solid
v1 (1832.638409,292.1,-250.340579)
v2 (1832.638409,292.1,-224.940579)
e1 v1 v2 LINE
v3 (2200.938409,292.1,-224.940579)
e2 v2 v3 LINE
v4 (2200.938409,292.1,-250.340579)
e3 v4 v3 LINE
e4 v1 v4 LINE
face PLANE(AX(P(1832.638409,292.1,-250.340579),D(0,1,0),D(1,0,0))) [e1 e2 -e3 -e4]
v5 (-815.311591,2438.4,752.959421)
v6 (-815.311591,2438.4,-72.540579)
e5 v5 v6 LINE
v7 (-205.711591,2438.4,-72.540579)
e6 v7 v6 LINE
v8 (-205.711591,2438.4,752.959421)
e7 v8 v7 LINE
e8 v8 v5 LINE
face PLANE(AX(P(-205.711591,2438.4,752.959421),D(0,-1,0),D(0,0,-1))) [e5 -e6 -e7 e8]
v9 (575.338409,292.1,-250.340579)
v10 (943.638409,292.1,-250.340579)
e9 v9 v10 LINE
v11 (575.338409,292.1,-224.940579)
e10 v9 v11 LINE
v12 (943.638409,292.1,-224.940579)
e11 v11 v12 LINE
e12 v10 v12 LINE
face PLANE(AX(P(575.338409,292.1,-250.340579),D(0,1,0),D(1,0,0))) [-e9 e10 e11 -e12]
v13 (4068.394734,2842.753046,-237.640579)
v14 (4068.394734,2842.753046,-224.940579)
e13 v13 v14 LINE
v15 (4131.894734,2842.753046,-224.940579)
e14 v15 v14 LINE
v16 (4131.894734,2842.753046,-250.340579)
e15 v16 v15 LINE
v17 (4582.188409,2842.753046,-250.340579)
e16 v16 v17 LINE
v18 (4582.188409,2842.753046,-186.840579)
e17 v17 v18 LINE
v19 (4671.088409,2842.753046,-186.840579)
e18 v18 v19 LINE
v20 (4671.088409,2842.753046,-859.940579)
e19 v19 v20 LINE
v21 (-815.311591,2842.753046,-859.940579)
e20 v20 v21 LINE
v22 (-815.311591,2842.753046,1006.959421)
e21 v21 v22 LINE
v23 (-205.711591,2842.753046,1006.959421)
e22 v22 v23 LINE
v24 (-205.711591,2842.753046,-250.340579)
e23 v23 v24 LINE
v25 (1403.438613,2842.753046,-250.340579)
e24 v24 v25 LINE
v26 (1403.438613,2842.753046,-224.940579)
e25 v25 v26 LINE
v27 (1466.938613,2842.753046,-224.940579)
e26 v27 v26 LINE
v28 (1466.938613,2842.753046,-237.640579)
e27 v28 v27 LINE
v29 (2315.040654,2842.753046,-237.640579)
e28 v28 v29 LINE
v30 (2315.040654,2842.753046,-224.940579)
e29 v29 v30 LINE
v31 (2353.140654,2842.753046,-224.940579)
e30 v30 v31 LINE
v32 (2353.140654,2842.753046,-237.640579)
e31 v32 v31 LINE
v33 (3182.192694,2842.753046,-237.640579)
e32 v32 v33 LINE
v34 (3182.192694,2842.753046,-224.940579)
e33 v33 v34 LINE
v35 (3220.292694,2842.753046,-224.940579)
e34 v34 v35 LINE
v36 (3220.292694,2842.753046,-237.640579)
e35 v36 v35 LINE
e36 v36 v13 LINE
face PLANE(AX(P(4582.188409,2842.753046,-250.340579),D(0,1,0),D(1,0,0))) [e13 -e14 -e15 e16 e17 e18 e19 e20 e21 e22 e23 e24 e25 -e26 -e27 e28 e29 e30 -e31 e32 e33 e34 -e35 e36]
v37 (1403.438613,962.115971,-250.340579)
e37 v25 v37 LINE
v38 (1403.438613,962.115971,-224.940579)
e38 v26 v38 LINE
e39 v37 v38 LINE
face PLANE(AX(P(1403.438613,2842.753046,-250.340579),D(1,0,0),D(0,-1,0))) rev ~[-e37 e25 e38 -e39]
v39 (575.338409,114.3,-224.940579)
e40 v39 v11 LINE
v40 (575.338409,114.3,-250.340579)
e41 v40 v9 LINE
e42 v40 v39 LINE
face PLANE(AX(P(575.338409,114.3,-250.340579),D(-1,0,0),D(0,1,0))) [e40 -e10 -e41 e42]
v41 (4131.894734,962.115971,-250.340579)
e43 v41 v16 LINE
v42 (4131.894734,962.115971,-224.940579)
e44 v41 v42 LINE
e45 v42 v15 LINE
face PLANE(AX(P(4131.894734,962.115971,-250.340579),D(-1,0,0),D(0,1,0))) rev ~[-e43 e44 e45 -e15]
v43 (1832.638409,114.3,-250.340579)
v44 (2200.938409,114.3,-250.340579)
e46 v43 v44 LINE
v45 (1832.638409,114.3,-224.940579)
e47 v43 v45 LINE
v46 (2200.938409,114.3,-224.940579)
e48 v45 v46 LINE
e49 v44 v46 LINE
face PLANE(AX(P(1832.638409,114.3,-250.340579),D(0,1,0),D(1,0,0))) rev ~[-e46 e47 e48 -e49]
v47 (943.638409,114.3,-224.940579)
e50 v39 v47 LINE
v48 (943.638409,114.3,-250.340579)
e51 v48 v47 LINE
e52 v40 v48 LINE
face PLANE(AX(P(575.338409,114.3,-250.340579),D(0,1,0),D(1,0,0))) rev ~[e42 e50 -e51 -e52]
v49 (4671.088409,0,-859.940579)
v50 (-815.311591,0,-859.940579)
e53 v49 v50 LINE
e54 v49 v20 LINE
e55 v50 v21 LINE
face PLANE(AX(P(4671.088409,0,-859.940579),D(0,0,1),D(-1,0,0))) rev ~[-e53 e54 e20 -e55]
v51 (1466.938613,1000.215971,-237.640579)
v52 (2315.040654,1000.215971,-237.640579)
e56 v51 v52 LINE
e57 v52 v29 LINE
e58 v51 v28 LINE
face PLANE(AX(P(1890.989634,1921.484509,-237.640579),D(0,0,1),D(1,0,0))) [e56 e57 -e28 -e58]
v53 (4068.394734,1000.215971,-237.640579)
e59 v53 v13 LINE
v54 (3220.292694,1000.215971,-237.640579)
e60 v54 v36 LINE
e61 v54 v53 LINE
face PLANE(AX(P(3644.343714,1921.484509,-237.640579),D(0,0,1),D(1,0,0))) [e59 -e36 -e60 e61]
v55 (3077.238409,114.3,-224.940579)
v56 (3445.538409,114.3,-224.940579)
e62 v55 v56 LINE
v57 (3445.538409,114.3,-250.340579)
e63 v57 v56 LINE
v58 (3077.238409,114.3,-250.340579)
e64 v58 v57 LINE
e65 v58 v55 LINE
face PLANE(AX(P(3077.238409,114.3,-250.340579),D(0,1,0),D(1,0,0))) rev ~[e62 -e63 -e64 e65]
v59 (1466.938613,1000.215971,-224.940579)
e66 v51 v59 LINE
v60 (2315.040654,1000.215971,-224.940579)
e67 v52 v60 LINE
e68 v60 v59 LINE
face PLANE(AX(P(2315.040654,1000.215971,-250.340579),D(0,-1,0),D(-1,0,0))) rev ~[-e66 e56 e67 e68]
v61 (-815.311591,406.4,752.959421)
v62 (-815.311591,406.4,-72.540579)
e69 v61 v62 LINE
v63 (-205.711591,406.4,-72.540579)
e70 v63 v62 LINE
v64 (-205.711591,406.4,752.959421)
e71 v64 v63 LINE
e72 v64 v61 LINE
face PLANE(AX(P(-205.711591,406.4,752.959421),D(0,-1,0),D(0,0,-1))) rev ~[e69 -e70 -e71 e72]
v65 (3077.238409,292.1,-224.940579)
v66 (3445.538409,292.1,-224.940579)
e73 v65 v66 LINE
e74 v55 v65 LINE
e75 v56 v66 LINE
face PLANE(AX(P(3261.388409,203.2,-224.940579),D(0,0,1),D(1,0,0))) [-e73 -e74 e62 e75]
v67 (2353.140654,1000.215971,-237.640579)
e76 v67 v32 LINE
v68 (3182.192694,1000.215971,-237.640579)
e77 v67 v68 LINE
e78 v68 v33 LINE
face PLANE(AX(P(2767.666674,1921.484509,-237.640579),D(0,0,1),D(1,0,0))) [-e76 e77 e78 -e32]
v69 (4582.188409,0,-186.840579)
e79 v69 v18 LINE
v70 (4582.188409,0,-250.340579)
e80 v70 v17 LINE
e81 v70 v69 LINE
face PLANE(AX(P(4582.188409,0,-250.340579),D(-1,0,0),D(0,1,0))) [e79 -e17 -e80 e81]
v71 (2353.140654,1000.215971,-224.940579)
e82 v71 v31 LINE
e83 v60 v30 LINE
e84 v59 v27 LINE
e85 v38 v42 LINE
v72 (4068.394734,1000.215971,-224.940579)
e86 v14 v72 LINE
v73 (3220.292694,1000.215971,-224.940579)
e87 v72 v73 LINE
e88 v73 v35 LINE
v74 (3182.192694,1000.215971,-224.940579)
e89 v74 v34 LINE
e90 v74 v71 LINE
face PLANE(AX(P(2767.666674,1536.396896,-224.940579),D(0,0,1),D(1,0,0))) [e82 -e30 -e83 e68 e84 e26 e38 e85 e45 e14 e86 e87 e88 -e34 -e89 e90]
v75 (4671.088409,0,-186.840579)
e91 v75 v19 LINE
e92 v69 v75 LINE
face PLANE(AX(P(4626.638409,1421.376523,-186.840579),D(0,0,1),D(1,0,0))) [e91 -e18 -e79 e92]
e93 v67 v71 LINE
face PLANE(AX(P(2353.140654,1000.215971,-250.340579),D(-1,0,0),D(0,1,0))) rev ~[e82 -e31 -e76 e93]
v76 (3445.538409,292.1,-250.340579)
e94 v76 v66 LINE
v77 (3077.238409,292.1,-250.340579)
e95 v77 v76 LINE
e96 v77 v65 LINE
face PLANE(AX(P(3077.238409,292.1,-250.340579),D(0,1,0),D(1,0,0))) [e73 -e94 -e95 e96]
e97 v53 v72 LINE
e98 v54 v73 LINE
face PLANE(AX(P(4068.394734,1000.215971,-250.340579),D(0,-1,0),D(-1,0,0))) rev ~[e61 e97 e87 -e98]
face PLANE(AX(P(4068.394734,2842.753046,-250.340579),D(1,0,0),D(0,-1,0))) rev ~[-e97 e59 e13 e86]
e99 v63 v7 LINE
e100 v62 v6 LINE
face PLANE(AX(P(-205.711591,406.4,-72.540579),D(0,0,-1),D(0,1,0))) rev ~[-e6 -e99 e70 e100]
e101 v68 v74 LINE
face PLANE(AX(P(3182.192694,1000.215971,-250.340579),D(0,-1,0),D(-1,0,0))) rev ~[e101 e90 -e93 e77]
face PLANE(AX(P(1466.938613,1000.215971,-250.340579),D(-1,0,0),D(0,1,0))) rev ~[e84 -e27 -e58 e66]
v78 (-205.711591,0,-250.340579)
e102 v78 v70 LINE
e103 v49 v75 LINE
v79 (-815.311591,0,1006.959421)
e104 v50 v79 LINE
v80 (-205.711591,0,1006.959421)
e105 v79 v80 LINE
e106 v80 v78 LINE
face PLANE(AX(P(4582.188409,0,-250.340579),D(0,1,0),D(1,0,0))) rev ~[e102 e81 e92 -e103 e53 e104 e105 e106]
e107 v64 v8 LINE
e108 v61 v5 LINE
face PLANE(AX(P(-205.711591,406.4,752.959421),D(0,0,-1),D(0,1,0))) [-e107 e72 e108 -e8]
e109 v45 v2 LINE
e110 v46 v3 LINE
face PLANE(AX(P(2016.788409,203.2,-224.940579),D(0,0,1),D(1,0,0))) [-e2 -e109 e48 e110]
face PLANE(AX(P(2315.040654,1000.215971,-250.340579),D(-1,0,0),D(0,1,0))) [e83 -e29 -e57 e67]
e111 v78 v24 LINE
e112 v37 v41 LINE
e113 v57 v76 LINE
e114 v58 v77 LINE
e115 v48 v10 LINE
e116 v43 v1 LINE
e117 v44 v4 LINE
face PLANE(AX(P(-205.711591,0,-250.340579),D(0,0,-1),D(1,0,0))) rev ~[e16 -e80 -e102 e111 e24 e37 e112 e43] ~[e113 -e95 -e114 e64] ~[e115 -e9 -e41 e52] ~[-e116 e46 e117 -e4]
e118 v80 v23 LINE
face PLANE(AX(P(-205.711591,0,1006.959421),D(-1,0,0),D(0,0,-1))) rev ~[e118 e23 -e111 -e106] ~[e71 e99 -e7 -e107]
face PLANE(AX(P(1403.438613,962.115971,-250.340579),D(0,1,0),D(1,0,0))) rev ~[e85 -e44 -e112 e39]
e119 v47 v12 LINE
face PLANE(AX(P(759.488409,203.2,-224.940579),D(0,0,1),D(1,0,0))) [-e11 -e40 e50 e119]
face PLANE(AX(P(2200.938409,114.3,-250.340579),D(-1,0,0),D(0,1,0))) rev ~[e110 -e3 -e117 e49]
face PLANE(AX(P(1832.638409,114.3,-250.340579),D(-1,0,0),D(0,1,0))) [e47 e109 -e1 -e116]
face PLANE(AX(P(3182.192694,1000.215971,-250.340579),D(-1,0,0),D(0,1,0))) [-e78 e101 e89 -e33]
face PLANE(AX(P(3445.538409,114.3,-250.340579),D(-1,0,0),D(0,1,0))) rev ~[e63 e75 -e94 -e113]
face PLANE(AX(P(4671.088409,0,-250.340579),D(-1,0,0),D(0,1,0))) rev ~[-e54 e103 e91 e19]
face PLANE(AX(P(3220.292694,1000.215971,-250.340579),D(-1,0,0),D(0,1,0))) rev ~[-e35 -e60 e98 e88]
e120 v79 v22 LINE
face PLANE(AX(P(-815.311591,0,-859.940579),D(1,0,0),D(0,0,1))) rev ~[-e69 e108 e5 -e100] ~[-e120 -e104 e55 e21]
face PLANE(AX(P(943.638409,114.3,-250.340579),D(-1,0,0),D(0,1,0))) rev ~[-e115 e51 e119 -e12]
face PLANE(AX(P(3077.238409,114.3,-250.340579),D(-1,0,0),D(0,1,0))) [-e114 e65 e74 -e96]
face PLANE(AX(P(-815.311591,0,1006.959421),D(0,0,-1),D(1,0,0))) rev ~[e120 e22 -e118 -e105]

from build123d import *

# Parameters (mm, degrees)
HOUSE_EXTRUDE_Y_DEPTH        = 2842.753046323
DOOR_W                       = 825.5
DOOR_H                       = 2032
DOOR_CUT_X_DEPTH             = 609.6
WINDOW_W                     = 38.1
WINDOW_H                     = 1842.537075404
WINDOW_FRAME_EXTRUDE_Z_DEPTH = 25.4
WINDOW_3_W                   = 848.102040266
WINDOW_3_H                   = 1842.537075404
WINDOW_3_W_2                 = 829.052040266
WINDOW_GLASS_EXTRUDE_Z_DEPTH = 12.7
DRAIN_PIPE_W                 = 88.9
DRAIN_PIPE_H                 = 2842.753046323
DRAIN_PIPE_EXTRUDE_Z_DEPTH   = 63.5
VENTS_W                      = 368.3
VENTS_H                      = 177.8
VENTS_EXTRUDE_Z_DEPTH        = 25.4


with BuildPart() as part:
    # Wall Footprint → House Extrude +Y (new body)
    with BuildSketch(Plane(origin=(0, 0, 0), x_dir=(1, 0, 0), z_dir=(0, 1, 0))):
        Polygon((-205.711590821, 250.340578873), (4671.088409179, 250.340578873), (4671.088409179, 859.940578873), (-815.311590821, 859.940578873), (-815.311590821, -1006.959421127), (-205.711590821, -1006.959421127), align=None)
    extrude(amount=HOUSE_EXTRUDE_Y_DEPTH)

    # Door → Door Cut -X (cut)
    with BuildSketch(Plane(origin=(-205.711590821, 0, 0), x_dir=(0, 0, -1), z_dir=(1, 0, 0))):
        with Locations((-340.209421127, 1422.4)):
            Rectangle(DOOR_W, DOOR_H)
    extrude(amount=-DOOR_CUT_X_DEPTH, mode=Mode.SUBTRACT)

    # Window → Window Frame Extrude +Z (add)
    with BuildSketch(Plane.XY.offset(-250.340578873)):
        Polygon((1403.438613425, 2842.753046323), (1403.438613425, 962.115970919), (4131.894734223, 962.115970919), (4131.894734223, 2842.753046323), (4068.394734223, 2842.753046323), (4068.394734223, 1000.215970919), (3220.292693957, 1000.215970919), (3182.192693957, 1000.215970919), (2353.140653691, 1000.215970919), (2315.040653691, 1000.215970919), (1466.938613425, 1000.215970919), (1466.938613425, 2842.753046323), align=None)
        with Locations((2334.090653691, 1921.484508621)):
            Rectangle(WINDOW_W, WINDOW_H)
        with Locations((3201.242693957, 1921.484508621)):
            Rectangle(WINDOW_W, WINDOW_H)
    extrude(amount=WINDOW_FRAME_EXTRUDE_Z_DEPTH)

    # Window<3> → Window Glass Extrude +Z (add)
    with BuildSketch(Plane.XY.offset(-250.340578873)):
        with Locations((1890.989633558, 1921.484508621)):
            Rectangle(WINDOW_3_W, WINDOW_3_H)
        with Locations((2767.666673824, 1921.484508621)):
            Rectangle(WINDOW_3_W_2, WINDOW_3_H)
        with Locations((3644.34371409, 1921.484508621)):
            Rectangle(WINDOW_3_W, WINDOW_3_H)
    extrude(amount=WINDOW_GLASS_EXTRUDE_Z_DEPTH)

    # Drain Pipe → Drain Pipe Extrude +Z (add)
    with BuildSketch(Plane.XY.offset(-250.340578873)):
        with Locations((4626.638409179, 1421.376523162)):
            Rectangle(DRAIN_PIPE_W, DRAIN_PIPE_H)
    extrude(amount=DRAIN_PIPE_EXTRUDE_Z_DEPTH)

    # Vents → Vents Extrude +Z (add)
    with BuildSketch(Plane.XY.offset(-250.340578873)):
        with Locations((3261.388409179, 203.2)):
            Rectangle(VENTS_W, VENTS_H)
        with Locations((2016.788409179, 203.2)):
            Rectangle(VENTS_W, VENTS_H)
        with Locations((759.488409179, 203.2)):
            Rectangle(VENTS_W, VENTS_H)
    extrude(amount=VENTS_EXTRUDE_Z_DEPTH)


solid = part.part
